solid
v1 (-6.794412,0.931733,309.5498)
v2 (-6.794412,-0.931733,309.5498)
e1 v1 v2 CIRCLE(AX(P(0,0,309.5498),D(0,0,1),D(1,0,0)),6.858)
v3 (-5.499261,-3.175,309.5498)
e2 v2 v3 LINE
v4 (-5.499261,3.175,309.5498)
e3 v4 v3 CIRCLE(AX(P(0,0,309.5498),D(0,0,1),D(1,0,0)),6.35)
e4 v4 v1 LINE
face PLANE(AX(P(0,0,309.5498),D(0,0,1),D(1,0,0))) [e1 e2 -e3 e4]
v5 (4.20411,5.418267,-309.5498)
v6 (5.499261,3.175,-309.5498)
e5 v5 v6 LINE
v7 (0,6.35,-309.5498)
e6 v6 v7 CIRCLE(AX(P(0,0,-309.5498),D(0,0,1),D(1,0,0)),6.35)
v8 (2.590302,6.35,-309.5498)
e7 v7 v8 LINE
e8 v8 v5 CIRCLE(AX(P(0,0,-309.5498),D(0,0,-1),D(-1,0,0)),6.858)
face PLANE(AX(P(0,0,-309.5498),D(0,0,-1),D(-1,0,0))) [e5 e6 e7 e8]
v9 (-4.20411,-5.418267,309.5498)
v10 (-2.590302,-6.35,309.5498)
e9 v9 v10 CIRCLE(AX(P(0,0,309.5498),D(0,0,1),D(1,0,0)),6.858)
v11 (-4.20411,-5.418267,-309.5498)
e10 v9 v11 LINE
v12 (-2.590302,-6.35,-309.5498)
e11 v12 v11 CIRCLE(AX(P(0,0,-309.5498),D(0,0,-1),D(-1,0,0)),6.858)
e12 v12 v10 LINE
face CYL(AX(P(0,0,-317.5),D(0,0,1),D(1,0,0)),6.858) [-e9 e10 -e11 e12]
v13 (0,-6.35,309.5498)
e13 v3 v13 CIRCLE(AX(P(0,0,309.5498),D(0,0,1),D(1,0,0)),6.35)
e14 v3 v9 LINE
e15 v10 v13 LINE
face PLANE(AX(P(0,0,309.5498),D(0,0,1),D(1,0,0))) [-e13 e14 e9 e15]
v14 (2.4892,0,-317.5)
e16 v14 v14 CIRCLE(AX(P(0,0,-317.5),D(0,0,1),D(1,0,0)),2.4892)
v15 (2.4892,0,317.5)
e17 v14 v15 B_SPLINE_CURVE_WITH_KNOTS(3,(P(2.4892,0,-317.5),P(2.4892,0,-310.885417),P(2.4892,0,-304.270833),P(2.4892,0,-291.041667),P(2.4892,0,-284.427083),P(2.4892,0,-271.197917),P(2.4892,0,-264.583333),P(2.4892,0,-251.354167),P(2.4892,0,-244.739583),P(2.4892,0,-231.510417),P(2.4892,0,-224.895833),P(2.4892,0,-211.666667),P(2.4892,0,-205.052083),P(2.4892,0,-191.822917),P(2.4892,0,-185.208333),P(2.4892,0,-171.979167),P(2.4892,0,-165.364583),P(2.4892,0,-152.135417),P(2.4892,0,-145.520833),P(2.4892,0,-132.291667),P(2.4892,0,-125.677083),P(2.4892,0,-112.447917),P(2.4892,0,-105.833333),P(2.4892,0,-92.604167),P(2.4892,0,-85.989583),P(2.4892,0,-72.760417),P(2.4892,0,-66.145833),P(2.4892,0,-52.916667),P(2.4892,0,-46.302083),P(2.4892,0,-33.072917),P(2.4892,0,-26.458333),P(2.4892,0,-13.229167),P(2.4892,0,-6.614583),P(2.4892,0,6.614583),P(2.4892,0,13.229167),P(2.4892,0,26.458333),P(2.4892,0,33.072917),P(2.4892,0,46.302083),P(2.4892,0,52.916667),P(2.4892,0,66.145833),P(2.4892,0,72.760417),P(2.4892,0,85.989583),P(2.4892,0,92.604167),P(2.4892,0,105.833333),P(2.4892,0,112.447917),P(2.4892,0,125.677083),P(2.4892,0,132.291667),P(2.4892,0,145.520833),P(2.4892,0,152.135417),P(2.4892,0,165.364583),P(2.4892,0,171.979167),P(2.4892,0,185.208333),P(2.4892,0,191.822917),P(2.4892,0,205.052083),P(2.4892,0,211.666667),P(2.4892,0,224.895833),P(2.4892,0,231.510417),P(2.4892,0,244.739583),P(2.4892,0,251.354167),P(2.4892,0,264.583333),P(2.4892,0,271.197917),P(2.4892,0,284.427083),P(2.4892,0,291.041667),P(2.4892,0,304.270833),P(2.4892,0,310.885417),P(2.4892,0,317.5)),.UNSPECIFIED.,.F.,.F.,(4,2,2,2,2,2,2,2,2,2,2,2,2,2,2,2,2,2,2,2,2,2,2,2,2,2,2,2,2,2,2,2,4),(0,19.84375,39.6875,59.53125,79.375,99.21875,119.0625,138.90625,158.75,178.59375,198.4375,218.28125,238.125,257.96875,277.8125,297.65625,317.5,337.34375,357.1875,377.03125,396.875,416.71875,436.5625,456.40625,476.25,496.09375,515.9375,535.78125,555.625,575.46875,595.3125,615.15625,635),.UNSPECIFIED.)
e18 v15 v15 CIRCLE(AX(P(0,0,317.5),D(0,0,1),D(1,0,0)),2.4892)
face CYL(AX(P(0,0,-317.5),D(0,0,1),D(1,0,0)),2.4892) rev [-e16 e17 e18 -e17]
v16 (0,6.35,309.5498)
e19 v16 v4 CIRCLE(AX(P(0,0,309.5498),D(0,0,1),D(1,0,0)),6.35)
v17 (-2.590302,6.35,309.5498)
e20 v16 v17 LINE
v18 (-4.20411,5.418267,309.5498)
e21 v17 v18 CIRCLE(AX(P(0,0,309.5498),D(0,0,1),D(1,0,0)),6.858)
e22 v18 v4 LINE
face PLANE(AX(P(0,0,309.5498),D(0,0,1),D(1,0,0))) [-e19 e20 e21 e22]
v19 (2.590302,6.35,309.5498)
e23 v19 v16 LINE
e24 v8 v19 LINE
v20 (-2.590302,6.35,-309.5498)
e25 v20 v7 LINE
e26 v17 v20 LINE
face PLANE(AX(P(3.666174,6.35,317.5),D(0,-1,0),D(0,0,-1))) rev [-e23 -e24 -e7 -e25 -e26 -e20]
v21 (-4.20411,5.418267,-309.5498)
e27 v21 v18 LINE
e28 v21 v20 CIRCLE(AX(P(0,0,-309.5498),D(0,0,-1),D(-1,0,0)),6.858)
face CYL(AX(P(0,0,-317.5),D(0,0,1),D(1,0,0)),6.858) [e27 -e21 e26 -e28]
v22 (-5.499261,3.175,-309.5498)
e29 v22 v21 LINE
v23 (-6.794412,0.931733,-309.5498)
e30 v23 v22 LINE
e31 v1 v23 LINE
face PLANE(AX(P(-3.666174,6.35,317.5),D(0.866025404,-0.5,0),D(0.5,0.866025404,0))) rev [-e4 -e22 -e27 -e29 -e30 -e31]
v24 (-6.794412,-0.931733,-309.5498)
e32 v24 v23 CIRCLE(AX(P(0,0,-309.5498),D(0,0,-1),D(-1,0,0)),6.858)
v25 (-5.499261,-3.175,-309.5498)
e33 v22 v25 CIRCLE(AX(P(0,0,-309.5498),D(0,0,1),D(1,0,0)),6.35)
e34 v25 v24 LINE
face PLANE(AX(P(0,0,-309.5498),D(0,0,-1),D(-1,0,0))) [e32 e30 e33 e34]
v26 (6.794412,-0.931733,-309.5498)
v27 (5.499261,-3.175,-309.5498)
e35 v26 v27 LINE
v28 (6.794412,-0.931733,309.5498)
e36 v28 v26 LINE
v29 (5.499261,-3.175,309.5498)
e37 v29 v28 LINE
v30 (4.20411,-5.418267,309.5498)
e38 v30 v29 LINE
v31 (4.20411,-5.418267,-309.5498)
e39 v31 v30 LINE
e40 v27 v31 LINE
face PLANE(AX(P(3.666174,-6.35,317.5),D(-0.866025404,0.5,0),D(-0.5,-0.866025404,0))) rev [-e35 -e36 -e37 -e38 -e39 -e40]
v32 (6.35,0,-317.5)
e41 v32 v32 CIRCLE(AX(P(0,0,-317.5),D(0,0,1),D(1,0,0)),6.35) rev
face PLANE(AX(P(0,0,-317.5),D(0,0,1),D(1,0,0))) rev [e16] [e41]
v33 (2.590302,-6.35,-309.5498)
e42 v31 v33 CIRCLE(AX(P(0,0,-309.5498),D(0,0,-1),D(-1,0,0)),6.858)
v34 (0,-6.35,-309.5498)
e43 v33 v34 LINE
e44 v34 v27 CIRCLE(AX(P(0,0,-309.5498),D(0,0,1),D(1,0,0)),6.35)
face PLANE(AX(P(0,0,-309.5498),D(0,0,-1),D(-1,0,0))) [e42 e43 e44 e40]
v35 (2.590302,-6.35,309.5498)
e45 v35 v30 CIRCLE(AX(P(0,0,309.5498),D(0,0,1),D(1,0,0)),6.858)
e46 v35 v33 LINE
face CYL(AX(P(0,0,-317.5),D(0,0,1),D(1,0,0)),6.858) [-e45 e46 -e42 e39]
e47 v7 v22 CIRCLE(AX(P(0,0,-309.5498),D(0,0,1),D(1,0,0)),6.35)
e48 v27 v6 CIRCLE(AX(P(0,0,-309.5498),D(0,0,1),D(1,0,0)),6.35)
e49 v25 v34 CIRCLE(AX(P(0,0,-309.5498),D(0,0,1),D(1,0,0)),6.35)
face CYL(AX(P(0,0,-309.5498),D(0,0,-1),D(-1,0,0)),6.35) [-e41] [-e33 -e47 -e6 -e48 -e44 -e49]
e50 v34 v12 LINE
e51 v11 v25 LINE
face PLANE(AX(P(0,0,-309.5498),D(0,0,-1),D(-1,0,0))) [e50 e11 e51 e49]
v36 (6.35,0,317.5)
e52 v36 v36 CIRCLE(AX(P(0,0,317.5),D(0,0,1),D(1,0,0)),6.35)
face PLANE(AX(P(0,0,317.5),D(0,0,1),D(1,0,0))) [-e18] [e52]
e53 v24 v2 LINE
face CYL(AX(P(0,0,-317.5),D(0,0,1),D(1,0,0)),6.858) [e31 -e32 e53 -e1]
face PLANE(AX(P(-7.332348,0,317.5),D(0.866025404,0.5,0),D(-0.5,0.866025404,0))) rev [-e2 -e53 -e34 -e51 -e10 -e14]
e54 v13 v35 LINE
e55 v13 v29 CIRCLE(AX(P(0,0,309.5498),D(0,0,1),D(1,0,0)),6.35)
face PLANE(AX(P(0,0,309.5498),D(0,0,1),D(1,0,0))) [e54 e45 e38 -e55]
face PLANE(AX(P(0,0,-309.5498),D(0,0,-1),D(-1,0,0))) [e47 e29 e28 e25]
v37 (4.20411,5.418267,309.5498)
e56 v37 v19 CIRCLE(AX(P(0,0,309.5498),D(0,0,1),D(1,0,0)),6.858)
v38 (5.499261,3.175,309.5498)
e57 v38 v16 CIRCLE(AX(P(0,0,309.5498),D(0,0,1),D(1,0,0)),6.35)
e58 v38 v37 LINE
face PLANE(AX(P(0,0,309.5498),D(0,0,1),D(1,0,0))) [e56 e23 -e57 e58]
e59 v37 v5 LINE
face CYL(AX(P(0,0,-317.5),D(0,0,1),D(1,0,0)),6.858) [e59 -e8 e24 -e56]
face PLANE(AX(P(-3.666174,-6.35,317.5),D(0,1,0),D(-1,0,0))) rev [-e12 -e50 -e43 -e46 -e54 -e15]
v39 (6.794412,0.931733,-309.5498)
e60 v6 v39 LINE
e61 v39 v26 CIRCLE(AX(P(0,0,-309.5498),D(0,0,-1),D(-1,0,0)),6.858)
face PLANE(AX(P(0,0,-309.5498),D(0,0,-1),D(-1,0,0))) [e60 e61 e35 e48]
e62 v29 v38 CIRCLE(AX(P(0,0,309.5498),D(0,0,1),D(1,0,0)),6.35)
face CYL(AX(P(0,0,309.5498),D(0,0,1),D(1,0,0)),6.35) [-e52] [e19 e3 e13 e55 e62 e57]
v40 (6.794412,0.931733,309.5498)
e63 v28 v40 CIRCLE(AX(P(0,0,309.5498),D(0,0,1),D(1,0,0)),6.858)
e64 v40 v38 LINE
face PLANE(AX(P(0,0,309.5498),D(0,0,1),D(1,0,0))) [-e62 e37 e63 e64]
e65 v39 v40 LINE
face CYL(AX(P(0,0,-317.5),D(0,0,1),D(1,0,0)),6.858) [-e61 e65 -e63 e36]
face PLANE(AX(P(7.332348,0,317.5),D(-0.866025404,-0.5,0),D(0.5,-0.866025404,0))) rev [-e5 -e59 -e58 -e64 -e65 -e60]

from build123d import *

# Parameters (mm, degrees)
BOSS_EXTRUDE1_DEPTH = 317.5
SKETCH3_OUTSIDE_W   = 143.724
SKETCH3_OUTSIDE_H   = 141.76
SKETCH3_OUTSIDE_R   = 6.35
CUT_EXTRUDE2_DEPTH  = 7.9502
SKETCH4_OUTSIDE_W   = 143.724
SKETCH4_OUTSIDE_H   = 141.76
SKETCH4_OUTSIDE_R   = 6.858
CUT_EXTRUDE3_DEPTH  = 636.074079012
SKETCH5_R           = 2.4892
CUT_EXTRUDE4_DEPTH  = 636.068779475


with BuildPart() as part:
    # Sketch1 → Boss-Extrude1 (new, symmetric)
    with BuildSketch(Plane.XY):
        Polygon((7.332348419, 0), (3.666174209, 6.35), (-3.666174209, 6.35), (-7.332348419, 0), (-3.666174209, -6.35), (3.666174209, -6.35), align=None)
    extrude(amount=BOSS_EXTRUDE1_DEPTH, both=True)

    # Sketch3 outside → Cut-Extrude2 (cut)
    with BuildSketch(Plane.XY.offset(317.5)):
        Rectangle(SKETCH3_OUTSIDE_W, SKETCH3_OUTSIDE_H)
        Circle(SKETCH3_OUTSIDE_R, mode=Mode.SUBTRACT)
    cut_extrude2 = extrude(amount=-CUT_EXTRUDE2_DEPTH, mode=Mode.SUBTRACT)

    # Mirror1: Cut-Extrude2 across plane
    add(cut_extrude2.mirror(Plane.XY), mode=Mode.SUBTRACT)

    # Sketch4 outside → Cut-Extrude3 (cut, through all)
    with BuildSketch(Plane.XY.offset(317.5)):
        Rectangle(SKETCH4_OUTSIDE_W, SKETCH4_OUTSIDE_H)
        Circle(SKETCH4_OUTSIDE_R, mode=Mode.SUBTRACT)
    extrude(amount=-CUT_EXTRUDE3_DEPTH, mode=Mode.SUBTRACT)

    # Sketch5 → Cut-Extrude4 (cut, through all)
    with BuildSketch(Plane.XY.offset(317.5)):
        Circle(SKETCH5_R)
    extrude(amount=-CUT_EXTRUDE4_DEPTH, mode=Mode.SUBTRACT)


solid = part.part
